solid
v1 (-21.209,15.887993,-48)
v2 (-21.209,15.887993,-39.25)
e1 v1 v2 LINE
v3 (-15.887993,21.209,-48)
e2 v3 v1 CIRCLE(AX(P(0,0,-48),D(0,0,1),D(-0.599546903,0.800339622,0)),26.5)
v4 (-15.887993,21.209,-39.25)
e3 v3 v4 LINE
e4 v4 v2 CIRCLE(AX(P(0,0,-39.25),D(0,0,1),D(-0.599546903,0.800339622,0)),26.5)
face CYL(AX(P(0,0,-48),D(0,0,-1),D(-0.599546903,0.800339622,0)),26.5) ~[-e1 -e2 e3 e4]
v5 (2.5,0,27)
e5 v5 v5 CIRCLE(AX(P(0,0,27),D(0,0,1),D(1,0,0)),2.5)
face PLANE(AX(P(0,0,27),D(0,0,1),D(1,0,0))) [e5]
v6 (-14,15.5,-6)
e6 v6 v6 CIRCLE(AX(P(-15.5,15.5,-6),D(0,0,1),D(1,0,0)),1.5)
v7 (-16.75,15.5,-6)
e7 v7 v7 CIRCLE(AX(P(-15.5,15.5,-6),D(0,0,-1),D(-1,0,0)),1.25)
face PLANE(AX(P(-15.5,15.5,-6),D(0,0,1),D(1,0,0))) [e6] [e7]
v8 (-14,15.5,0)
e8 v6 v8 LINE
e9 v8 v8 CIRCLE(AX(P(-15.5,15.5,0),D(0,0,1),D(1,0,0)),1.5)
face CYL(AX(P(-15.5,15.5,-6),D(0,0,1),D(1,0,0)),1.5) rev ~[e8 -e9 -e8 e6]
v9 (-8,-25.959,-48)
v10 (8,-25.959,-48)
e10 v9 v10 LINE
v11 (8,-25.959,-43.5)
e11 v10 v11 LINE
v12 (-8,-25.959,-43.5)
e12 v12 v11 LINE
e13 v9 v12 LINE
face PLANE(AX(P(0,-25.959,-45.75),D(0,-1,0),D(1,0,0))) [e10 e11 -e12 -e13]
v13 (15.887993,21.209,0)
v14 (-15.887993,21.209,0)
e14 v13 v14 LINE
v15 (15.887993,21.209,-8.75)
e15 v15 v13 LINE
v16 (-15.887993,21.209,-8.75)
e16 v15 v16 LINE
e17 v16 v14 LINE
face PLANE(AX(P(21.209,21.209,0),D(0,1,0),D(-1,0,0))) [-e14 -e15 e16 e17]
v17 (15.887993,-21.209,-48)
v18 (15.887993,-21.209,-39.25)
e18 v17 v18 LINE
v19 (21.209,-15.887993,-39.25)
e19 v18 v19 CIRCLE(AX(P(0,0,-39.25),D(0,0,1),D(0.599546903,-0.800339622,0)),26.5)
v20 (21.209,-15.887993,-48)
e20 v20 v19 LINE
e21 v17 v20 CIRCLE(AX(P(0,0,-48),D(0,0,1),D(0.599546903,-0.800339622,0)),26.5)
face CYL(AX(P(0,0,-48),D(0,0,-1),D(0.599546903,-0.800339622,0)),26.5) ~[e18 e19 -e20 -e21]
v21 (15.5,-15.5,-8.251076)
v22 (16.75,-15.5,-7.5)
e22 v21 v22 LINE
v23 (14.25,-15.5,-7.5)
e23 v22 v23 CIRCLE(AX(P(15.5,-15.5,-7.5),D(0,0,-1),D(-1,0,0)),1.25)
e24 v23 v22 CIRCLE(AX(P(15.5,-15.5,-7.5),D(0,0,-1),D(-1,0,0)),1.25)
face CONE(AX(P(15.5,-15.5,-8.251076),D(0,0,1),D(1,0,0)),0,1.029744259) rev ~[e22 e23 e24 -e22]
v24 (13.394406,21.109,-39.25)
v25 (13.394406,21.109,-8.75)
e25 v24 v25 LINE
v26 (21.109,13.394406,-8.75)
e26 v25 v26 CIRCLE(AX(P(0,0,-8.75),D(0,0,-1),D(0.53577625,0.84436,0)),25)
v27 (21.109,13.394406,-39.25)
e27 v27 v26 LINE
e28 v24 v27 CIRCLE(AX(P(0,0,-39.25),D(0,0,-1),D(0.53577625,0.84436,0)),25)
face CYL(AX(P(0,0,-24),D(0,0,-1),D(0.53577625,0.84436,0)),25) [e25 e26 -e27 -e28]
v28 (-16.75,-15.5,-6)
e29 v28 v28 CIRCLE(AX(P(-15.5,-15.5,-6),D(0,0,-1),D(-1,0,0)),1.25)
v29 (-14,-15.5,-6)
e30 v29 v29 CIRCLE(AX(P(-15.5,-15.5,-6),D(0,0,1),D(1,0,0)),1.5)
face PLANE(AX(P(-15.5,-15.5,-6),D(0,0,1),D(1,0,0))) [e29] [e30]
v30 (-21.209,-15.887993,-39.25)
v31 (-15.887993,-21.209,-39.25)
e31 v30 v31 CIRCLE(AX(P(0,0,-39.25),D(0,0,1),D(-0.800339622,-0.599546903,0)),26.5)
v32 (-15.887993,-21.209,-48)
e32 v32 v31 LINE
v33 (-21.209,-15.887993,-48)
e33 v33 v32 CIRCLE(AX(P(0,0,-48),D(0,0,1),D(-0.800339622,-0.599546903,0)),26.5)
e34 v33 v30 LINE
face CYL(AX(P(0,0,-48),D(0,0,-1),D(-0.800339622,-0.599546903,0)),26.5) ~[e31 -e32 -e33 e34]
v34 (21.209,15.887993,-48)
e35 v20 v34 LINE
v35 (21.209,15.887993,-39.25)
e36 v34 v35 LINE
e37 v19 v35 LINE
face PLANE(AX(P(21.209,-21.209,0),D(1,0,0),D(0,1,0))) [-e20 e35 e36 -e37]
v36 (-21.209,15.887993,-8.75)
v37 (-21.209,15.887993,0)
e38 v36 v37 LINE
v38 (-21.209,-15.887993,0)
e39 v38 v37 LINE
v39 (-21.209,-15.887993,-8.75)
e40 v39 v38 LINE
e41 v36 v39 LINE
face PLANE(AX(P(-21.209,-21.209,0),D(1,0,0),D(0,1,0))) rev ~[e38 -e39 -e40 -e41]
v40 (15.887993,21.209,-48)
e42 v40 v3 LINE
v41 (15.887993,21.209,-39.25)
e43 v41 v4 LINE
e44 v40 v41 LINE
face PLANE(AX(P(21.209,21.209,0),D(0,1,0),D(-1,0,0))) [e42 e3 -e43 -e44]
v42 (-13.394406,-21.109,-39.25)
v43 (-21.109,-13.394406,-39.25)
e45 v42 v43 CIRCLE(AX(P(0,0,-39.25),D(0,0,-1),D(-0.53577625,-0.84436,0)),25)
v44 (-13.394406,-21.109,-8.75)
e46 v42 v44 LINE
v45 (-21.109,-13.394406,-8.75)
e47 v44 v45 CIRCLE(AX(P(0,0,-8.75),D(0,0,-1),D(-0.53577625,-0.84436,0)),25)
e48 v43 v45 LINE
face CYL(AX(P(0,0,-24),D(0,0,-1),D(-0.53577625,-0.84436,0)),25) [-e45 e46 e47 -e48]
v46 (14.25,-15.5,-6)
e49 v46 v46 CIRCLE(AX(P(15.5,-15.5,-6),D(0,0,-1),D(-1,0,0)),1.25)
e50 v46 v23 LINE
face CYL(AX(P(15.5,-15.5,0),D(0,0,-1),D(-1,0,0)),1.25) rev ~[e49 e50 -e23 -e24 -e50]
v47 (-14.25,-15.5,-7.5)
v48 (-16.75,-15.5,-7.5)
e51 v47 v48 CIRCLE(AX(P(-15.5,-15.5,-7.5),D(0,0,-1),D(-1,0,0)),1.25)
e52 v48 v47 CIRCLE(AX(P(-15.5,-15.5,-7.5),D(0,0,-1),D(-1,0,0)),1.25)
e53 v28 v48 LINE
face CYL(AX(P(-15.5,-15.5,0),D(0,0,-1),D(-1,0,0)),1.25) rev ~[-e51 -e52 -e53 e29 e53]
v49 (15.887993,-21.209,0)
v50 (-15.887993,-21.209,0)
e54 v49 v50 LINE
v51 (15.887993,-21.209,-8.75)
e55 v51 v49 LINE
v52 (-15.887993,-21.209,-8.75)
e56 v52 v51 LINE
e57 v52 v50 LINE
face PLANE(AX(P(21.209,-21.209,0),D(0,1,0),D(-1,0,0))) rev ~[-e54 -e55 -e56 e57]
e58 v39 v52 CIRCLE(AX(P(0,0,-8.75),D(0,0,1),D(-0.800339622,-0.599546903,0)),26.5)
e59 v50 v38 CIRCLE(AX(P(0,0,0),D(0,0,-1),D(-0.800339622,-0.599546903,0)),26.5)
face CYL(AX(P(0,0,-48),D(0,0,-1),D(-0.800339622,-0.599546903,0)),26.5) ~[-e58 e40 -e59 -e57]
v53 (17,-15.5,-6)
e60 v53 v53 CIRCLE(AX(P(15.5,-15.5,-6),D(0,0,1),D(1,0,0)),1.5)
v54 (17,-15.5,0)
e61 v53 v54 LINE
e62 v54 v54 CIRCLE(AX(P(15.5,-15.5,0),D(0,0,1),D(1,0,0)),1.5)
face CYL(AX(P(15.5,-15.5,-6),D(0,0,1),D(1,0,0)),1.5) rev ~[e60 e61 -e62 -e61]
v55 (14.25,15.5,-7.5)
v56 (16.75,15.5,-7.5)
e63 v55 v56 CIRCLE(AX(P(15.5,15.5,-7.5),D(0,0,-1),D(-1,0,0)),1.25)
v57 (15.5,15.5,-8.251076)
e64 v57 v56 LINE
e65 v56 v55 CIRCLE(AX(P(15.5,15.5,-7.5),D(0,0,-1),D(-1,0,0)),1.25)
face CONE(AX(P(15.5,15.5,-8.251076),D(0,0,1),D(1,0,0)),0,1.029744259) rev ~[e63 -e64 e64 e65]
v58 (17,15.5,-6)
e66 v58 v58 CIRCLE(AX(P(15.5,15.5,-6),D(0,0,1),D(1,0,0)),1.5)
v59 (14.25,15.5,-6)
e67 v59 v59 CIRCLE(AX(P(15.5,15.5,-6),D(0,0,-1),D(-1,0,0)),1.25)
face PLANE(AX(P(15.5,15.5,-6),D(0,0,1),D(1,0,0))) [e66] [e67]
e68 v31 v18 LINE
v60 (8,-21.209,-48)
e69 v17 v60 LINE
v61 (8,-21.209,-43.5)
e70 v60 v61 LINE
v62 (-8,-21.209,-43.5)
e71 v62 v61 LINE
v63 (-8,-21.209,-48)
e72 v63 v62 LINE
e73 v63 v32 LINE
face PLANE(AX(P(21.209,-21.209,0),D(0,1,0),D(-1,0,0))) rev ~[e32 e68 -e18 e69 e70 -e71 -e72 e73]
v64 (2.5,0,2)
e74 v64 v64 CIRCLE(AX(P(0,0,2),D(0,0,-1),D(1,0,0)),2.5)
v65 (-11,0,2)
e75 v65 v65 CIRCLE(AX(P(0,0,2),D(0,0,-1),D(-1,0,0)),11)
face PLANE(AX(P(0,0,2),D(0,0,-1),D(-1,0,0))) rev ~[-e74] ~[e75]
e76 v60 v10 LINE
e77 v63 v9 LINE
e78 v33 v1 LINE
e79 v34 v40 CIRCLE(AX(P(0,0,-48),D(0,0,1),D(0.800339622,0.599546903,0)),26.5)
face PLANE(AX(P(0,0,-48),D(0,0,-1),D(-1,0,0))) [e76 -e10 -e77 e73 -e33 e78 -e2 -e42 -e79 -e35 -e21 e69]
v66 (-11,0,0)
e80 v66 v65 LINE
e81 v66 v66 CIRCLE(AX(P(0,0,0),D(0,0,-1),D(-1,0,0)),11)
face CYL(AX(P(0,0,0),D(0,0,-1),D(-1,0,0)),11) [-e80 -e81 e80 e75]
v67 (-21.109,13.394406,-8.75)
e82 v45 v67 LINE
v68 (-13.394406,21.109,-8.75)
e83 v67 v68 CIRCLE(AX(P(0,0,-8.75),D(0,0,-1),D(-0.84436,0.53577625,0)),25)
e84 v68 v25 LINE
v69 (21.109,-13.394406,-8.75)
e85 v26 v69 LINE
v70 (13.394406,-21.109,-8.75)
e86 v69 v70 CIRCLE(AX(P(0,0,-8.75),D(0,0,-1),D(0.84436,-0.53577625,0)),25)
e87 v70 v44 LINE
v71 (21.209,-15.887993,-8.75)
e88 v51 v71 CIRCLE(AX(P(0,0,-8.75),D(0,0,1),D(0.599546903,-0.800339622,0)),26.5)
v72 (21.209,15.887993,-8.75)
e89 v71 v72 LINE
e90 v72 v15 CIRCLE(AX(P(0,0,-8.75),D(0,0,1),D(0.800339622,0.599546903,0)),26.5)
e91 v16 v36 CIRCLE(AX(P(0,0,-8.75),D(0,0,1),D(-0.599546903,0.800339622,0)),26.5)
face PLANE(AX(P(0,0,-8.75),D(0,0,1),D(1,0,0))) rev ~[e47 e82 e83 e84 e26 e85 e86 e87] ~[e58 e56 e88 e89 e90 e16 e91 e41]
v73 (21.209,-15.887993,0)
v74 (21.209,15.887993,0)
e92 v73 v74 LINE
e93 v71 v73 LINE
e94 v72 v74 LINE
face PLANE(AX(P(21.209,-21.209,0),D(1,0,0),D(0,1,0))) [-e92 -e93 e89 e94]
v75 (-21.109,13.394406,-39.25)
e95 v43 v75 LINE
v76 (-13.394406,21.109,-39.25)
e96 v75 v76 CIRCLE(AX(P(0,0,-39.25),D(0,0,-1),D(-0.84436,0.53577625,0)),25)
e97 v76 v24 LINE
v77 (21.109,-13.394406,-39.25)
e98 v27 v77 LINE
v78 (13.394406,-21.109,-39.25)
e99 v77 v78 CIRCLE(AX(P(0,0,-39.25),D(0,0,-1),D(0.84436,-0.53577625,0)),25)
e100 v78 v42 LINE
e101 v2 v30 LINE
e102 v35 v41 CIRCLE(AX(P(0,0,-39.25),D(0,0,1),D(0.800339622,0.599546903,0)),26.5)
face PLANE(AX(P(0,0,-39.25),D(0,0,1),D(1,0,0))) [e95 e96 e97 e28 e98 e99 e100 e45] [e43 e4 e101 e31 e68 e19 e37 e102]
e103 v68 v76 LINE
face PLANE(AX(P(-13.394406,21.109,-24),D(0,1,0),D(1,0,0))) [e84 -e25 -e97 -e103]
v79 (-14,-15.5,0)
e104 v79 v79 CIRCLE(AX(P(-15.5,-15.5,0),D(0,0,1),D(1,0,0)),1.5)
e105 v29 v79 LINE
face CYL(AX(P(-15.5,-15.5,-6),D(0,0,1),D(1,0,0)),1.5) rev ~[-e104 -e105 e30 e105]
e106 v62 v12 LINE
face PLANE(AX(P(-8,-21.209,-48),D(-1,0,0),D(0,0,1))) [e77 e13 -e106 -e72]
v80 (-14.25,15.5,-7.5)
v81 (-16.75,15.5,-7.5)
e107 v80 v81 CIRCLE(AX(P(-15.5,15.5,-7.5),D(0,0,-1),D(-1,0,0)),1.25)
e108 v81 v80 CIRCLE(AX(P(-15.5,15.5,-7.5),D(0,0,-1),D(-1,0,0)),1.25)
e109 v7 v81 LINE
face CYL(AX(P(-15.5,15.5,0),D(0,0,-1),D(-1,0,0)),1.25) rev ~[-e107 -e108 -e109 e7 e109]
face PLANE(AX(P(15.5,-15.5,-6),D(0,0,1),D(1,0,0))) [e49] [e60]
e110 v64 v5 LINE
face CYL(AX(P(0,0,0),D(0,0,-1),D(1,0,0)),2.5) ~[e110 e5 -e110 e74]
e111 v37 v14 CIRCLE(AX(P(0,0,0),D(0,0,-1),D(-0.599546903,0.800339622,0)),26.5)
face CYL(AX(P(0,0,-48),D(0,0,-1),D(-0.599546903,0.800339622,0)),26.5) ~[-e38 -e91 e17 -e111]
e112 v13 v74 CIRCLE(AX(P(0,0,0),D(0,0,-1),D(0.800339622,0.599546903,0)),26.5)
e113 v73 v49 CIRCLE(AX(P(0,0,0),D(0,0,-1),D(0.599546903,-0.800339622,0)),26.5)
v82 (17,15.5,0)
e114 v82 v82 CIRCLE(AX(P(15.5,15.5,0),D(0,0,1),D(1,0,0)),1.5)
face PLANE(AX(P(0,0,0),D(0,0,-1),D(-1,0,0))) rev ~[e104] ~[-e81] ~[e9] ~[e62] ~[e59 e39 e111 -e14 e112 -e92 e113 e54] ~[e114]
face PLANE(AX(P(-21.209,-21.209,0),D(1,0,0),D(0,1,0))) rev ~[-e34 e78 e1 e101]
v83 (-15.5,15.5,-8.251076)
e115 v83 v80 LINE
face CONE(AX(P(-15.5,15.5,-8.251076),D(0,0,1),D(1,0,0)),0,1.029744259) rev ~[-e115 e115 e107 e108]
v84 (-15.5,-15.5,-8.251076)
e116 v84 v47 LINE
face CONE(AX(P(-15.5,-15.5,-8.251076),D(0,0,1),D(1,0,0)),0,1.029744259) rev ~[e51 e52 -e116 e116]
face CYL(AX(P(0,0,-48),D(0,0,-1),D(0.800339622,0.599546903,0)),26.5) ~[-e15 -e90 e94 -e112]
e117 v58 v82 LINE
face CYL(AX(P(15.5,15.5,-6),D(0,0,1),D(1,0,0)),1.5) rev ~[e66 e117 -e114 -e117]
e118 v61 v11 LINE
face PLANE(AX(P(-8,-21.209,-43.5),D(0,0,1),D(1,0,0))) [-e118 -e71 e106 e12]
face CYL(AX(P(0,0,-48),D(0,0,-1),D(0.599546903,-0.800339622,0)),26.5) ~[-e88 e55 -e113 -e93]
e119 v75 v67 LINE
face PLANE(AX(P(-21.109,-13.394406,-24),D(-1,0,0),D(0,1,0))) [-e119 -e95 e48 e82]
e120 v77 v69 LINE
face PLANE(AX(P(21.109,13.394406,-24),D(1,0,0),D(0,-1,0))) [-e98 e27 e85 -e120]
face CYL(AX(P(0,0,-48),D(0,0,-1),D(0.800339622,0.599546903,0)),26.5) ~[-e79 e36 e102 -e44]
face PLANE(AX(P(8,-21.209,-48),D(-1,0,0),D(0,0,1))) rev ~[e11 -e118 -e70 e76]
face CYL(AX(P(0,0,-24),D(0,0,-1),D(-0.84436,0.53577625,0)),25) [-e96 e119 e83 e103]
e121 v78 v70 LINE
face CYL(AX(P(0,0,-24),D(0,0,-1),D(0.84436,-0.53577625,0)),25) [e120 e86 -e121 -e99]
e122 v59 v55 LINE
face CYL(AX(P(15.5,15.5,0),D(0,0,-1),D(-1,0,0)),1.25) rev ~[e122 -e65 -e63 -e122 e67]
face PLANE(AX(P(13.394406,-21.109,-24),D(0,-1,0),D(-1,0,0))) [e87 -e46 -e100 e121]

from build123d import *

# Parameters (mm, degrees)
SKETCH1_R                       = 2.5
BOSS_EXTRUDE1_DEPTH             = 27
SKETCH2_R                       = 11
BOSS_EXTRUDE2_DEPTH             = 2
SKETCH3_W                       = 42.418
SKETCH3_H                       = 42.418
BOSS_EXTRUDE3_DEPTH             = 48
CUT_EXTRUDE1_DEPTH              = 76
M3X0_5_TAPPED_HOLE1_D           = 2.5
M3X0_5_TAPPED_HOLE1_DEPTH       = 7.5
M3X0_5_TAPPED_HOLE1_CBORE_D     = 3
M3X0_5_TAPPED_HOLE1_CBORE_DEPTH = 6
M3X0_5_TAPPED_HOLE1_TIP         = 0.751075774
CUT_EXTRUDE3_DEPTH              = 15.25
CUT_EXTRUDE3_DEPTH_BACK         = 15.25
SKETCH9_W                       = 16
SKETCH9_H                       = 4.5
BOSS_EXTRUDE4_DEPTH             = 4.75


with BuildPart() as part:
    # Sketch1 → Boss-Extrude1 (new body)
    with BuildSketch(Plane.XY):
        Circle(SKETCH1_R)
    extrude(amount=BOSS_EXTRUDE1_DEPTH)

    # Sketch2 → Boss-Extrude2 (add)
    with BuildSketch(Plane(origin=(0, 0, 0), x_dir=(-1, 0, 0), z_dir=(0, 0, -1))):
        Circle(SKETCH2_R)
    extrude(amount=-BOSS_EXTRUDE2_DEPTH)

    # Sketch3 → Boss-Extrude3 (add)
    with BuildSketch(Plane(origin=(0, 0, 0), x_dir=(-1, 0, 0), z_dir=(0, 0, -1))):
        Rectangle(SKETCH3_W, SKETCH3_H)
    extrude(amount=BOSS_EXTRUDE3_DEPTH)

    # Sketch4 → Cut-Extrude1 (cut, through all)
    with BuildSketch(Plane(origin=(0, 0, -48), x_dir=(-1, 0, 0), z_dir=(0, 0, -1))):
        with BuildLine():
            Line((-21.209, -15.887992919), (-21.209, -21.209))
            Line((-21.209, -21.209), (-15.887992919, -21.209))
            ThreePointArc((-15.887992919, -21.209), (-18.738329701, -18.738329701), (-21.209, -15.887992919))
        make_face()
        with BuildLine():
            Line((15.887992919, -21.209), (21.209, -21.209))
            Line((21.209, -21.209), (21.209, -15.887992919))
            ThreePointArc((21.209, -15.887992919), (18.738329701, -18.738329701), (15.887992919, -21.209))
        make_face()
        with BuildLine():
            Line((21.209, 15.887992919), (21.209, 21.209))
            Line((21.209, 21.209), (15.887992919, 21.209))
            ThreePointArc((15.887992919, 21.209), (18.738329701, 18.738329701), (21.209, 15.887992919))
        make_face()
        with BuildLine():
            Line((-15.887992919, 21.209), (-21.209, 21.209))
            Line((-21.209, 21.209), (-21.209, 15.887992919))
            ThreePointArc((-21.209, 15.887992919), (-18.738329701, 18.738329701), (-15.887992919, 21.209))
        make_face()
    extrude(amount=-CUT_EXTRUDE1_DEPTH, mode=Mode.SUBTRACT)

    # M3x0.5 Tapped Hole1
    with Locations(Plane.XY):
        with Locations((-15.5, 15.5), (-15.5, -15.5), (15.5, -15.5), (15.5, 15.5)):
            CounterBoreHole(M3X0_5_TAPPED_HOLE1_D / 2, M3X0_5_TAPPED_HOLE1_CBORE_D / 2, M3X0_5_TAPPED_HOLE1_CBORE_DEPTH, depth=M3X0_5_TAPPED_HOLE1_DEPTH)
            with Locations((0, 0, -(M3X0_5_TAPPED_HOLE1_DEPTH + M3X0_5_TAPPED_HOLE1_TIP / 2))):  # 118° drill point
                Cone(0, M3X0_5_TAPPED_HOLE1_D / 2, M3X0_5_TAPPED_HOLE1_TIP, mode=Mode.SUBTRACT)

    # Sketch8 → Cut-Extrude3 (cut, two sides)
    with BuildSketch(Plane.XY.offset(-24)) as cut_extrude3_sk:
        with BuildLine():
            Line((15.887992919, 21.209), (-15.887992919, 21.209))
            ThreePointArc((-15.887992919, 21.209), (-18.738329701, 18.738329701), (-21.209, 15.887992919))
            Line((-21.209, 15.887992919), (-21.209, -15.887992919))
            ThreePointArc((-21.209, -15.887992919), (-18.738329701, -18.738329701), (-15.887992919, -21.209))
            Line((-15.887992919, -21.209), (15.887992919, -21.209))
            ThreePointArc((15.887992919, -21.209), (18.738329701, -18.738329701), (21.209, -15.887992919))
            Line((21.209, -15.887992919), (21.209, 15.887992919))
            ThreePointArc((21.209, 15.887992919), (18.738329701, 18.738329701), (15.887992919, 21.209))
        make_face()
        with BuildLine():
            Line((-13.394406258, 21.109), (13.394406258, 21.109))
            ThreePointArc((13.394406258, 21.109), (17.67766953, 17.67766953), (21.109, 13.394406258))
            Line((21.109, 13.394406258), (21.109, -13.394406258))
            ThreePointArc((21.109, -13.394406258), (17.67766953, -17.67766953), (13.394406258, -21.109))
            Line((13.394406258, -21.109), (-13.394406258, -21.109))
            ThreePointArc((-13.394406258, -21.109), (-17.67766953, -17.67766953), (-21.109, -13.394406258))
            Line((-21.109, -13.394406258), (-21.109, 13.394406258))
            ThreePointArc((-21.109, 13.394406258), (-17.67766953, 17.67766953), (-13.394406258, 21.109))
        make_face(mode=Mode.SUBTRACT)
    extrude(amount=CUT_EXTRUDE3_DEPTH, mode=Mode.SUBTRACT)
    extrude(cut_extrude3_sk.sketch, amount=-CUT_EXTRUDE3_DEPTH_BACK, mode=Mode.SUBTRACT)

    # Sketch9 → Boss-Extrude4 (add)
    with BuildSketch(Plane.XZ.offset(21.209)):
        with Locations((0, -45.75)):
            Rectangle(SKETCH9_W, SKETCH9_H)
    extrude(amount=BOSS_EXTRUDE4_DEPTH)


solid = part.part
